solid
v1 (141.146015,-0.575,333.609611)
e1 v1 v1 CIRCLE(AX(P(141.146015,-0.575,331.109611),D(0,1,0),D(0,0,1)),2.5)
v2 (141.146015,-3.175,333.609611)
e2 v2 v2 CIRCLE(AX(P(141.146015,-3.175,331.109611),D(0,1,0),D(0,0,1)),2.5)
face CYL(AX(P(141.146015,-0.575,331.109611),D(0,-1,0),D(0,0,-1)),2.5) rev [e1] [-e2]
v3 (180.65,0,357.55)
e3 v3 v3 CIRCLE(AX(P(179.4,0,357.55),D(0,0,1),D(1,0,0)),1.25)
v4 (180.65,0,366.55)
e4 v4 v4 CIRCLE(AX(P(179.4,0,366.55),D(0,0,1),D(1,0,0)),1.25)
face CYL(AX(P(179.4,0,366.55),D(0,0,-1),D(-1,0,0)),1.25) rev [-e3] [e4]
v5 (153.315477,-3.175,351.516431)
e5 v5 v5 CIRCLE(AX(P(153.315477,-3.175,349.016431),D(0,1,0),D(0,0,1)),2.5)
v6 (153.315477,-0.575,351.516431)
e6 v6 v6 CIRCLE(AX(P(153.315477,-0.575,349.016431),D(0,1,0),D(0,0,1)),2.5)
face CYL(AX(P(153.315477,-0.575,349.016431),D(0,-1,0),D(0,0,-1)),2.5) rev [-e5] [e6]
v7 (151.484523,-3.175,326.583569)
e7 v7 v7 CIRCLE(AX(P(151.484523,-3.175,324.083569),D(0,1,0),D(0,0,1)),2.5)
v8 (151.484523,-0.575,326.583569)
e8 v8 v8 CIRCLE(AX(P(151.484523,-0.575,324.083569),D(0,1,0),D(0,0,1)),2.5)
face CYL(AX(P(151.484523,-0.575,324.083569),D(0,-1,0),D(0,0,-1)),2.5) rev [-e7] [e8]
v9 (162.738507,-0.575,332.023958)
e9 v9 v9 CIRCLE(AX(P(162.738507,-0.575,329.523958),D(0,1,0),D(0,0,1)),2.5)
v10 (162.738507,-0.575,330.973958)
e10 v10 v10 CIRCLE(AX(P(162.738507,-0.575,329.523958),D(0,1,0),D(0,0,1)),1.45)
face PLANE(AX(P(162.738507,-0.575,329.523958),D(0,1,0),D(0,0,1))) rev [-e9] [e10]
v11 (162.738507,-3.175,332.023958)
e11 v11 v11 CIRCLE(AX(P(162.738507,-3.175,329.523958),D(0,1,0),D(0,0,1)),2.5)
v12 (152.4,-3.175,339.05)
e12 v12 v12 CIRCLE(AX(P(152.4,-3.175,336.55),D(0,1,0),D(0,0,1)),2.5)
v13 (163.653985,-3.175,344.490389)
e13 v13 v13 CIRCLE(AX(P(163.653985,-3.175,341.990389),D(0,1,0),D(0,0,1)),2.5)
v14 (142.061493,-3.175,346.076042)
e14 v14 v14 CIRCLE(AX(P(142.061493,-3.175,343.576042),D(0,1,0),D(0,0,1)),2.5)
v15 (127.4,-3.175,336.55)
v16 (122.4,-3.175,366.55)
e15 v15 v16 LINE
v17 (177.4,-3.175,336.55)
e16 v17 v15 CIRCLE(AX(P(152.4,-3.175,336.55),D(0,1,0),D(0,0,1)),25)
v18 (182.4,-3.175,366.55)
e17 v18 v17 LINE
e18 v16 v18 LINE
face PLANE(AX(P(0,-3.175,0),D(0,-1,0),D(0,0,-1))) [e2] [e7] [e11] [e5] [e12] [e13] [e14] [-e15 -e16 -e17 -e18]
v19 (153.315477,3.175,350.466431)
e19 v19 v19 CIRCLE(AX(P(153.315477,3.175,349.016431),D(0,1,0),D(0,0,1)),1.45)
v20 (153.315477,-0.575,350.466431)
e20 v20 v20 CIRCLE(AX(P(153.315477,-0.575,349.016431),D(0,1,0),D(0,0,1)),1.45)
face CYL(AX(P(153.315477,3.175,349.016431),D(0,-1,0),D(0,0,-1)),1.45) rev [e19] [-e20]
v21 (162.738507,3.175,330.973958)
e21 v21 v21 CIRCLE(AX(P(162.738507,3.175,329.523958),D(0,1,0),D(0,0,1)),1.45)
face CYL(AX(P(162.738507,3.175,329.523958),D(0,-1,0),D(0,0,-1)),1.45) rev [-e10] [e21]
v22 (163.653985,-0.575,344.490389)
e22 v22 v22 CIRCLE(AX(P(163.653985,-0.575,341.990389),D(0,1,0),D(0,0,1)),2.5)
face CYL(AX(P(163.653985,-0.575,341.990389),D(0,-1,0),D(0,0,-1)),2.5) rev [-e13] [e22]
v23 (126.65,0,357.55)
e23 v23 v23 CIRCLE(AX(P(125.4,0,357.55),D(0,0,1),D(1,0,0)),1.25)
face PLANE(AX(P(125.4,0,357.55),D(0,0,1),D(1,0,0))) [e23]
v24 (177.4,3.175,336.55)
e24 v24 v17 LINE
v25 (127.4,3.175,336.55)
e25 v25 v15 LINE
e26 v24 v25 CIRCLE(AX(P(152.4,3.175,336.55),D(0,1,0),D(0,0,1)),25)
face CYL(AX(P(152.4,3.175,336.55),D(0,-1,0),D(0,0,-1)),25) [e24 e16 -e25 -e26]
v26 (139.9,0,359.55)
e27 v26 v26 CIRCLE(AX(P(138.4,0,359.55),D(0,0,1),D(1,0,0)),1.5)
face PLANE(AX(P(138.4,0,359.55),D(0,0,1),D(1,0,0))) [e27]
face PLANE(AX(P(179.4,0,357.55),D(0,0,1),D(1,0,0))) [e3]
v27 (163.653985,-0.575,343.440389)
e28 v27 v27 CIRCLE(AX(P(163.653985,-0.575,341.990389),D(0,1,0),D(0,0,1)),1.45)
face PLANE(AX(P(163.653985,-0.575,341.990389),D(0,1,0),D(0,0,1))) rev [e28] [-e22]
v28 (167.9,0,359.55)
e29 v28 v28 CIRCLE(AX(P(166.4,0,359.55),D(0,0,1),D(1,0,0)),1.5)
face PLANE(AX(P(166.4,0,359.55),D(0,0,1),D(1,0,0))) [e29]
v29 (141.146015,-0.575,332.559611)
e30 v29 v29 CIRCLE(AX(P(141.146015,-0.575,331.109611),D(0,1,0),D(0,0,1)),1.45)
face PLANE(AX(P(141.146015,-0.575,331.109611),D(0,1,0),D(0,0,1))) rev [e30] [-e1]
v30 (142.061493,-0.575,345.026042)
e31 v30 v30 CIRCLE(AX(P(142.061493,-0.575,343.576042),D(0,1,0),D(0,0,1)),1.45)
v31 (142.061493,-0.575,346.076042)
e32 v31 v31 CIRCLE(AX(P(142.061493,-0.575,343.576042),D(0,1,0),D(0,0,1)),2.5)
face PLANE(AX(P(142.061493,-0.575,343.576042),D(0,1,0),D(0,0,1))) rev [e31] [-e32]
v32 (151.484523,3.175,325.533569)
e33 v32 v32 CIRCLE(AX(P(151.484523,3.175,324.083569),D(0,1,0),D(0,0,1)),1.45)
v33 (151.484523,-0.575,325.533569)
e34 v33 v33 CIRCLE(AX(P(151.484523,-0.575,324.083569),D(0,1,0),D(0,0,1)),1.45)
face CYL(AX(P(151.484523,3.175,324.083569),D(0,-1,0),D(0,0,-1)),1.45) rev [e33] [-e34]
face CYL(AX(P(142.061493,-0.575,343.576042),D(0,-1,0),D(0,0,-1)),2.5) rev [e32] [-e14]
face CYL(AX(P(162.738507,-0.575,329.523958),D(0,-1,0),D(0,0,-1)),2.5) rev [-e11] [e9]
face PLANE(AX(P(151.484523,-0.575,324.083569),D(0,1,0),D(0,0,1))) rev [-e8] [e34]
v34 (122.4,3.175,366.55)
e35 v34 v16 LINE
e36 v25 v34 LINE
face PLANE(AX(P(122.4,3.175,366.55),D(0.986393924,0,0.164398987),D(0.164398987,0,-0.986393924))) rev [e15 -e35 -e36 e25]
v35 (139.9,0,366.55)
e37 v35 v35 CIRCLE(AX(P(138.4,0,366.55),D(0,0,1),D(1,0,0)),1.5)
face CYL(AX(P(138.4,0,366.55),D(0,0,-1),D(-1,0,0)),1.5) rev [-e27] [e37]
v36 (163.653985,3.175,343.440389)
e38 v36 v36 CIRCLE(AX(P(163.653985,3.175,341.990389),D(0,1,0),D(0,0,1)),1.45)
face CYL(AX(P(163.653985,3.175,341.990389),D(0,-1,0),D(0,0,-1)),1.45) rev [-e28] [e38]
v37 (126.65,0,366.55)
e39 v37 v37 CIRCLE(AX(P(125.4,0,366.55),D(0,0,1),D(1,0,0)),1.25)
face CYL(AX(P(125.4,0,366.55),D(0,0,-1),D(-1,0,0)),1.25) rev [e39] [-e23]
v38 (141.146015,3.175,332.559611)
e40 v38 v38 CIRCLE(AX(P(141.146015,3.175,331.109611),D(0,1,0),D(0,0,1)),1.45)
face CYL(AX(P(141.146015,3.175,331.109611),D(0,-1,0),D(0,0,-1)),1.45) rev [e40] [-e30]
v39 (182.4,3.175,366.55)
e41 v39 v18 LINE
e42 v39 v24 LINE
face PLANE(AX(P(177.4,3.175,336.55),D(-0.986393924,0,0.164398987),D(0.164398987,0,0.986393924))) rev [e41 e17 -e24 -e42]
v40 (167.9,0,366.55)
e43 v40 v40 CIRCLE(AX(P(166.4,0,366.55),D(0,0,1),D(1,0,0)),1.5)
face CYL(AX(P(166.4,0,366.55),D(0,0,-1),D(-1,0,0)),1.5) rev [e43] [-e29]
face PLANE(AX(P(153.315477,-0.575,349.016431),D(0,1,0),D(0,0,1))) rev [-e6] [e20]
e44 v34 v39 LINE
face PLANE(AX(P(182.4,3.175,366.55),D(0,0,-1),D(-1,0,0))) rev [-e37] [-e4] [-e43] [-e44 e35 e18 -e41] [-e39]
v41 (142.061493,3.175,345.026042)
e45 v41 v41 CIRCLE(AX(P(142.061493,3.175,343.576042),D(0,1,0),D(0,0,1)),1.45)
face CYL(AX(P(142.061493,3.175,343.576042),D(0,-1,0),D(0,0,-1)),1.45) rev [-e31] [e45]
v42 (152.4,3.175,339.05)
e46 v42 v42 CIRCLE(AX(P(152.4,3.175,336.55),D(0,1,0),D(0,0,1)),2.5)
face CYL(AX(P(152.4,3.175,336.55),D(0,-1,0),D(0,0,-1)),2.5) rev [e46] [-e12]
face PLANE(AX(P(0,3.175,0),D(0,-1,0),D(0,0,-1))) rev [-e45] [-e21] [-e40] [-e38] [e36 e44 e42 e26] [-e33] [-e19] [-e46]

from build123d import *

# Parameters (mm, degrees)
PLACA_J5_START           = -3.175
PLACA_J5_DEPTH           = 6.35
PLACA_J5_REDONDEO_START  = -3.175
CROQUIS9_R               = 25
PLACA_J5_REDONDEO_DEPTH  = 6.35
BARRENOS_SALIDA_M5_START = -3.175
CROQUIS10_R              = 1.45
CROQUIS10_R_2            = 2.5
BARRENOS_SALIDA_M5_DEPTH = 6.35
REFRENTADO_M2_5_START    = -3.175
CROQUIS11_R              = 2.5
REFRENTADO_M2_5_DEPTH    = 2.6
ROSCA_M3_CANTO_START     = 357.55
CROQUIS12_R              = 1.25
ROSCA_M3_CANTO_DEPTH     = 9
PASADORES_D3_START       = 359.55
CROQUIS13_R              = 1.5
PASADORES_D3_DEPTH       = 7


with BuildPart() as part:
    # Croquis8 → Placa_J5 (new body)
    with BuildSketch(Plane(origin=(0, 0, 0), x_dir=(1, 0, 0), z_dir=(0, 1, 0)).offset(PLACA_J5_START)):
        Polygon((127.4, -336.55), (177.4, -336.55), (182.4, -366.55), (122.4, -366.55), align=None)
    extrude(amount=PLACA_J5_DEPTH)

    # Croquis9 → Placa_J5_redondeo (add)
    with BuildSketch(Plane(origin=(0, 0, 0), x_dir=(1, 0, 0), z_dir=(0, 1, 0)).offset(PLACA_J5_REDONDEO_START)):
        with Locations((152.4, -336.55)):
            Circle(CROQUIS9_R)
    extrude(amount=PLACA_J5_REDONDEO_DEPTH)

    # Croquis10 → Barrenos_salida_M5 (cut)
    with BuildSketch(Plane(origin=(0, 0, 0), x_dir=(1, 0, 0), z_dir=(0, 1, 0)).offset(BARRENOS_SALIDA_M5_START)):
        with Locations((163.653984643, -341.990388742)):
            Circle(CROQUIS10_R)
        with Locations((153.315477464, -349.016430965)):
            Circle(CROQUIS10_R)
        with Locations((142.061492822, -343.576042223)):
            Circle(CROQUIS10_R)
        with Locations((141.146015357, -331.109611258)):
            Circle(CROQUIS10_R)
        with Locations((151.484522536, -324.083569035)):
            Circle(CROQUIS10_R)
        with Locations((162.738507178, -329.523957777)):
            Circle(CROQUIS10_R)
        with Locations((152.4, -336.55)):
            Circle(CROQUIS10_R_2)
    extrude(amount=BARRENOS_SALIDA_M5_DEPTH, mode=Mode.SUBTRACT)

    # Croquis11 → Refrentado_M2-5 (cut)
    with BuildSketch(Plane(origin=(0, 0, 0), x_dir=(1, 0, 0), z_dir=(0, 1, 0)).offset(REFRENTADO_M2_5_START)):
        with Locations((163.653984643, -341.990388742)):
            Circle(CROQUIS11_R)
        with Locations((153.315477464, -349.016430965)):
            Circle(CROQUIS11_R)
        with Locations((142.061492822, -343.576042223)):
            Circle(CROQUIS11_R)
        with Locations((141.146015357, -331.109611258)):
            Circle(CROQUIS11_R)
        with Locations((151.484522536, -324.083569035)):
            Circle(CROQUIS11_R)
        with Locations((162.738507178, -329.523957777)):
            Circle(CROQUIS11_R)
    extrude(amount=REFRENTADO_M2_5_DEPTH, mode=Mode.SUBTRACT)

    # Croquis12 → Rosca_M3_canto (cut)
    with BuildSketch(Plane.XY.offset(ROSCA_M3_CANTO_START)):
        with Locations((125.4, 0)):
            Circle(CROQUIS12_R)
        with Locations((179.4, 0)):
            Circle(CROQUIS12_R)
    extrude(amount=ROSCA_M3_CANTO_DEPTH, mode=Mode.SUBTRACT)

    # Croquis13 → Pasadores_D3 (cut)
    with BuildSketch(Plane.XY.offset(PASADORES_D3_START)):
        with Locations((138.4, 0)):
            Circle(CROQUIS13_R)
        with Locations((166.4, 0)):
            Circle(CROQUIS13_R)
    extrude(amount=PASADORES_D3_DEPTH, mode=Mode.SUBTRACT)


solid = part.part
